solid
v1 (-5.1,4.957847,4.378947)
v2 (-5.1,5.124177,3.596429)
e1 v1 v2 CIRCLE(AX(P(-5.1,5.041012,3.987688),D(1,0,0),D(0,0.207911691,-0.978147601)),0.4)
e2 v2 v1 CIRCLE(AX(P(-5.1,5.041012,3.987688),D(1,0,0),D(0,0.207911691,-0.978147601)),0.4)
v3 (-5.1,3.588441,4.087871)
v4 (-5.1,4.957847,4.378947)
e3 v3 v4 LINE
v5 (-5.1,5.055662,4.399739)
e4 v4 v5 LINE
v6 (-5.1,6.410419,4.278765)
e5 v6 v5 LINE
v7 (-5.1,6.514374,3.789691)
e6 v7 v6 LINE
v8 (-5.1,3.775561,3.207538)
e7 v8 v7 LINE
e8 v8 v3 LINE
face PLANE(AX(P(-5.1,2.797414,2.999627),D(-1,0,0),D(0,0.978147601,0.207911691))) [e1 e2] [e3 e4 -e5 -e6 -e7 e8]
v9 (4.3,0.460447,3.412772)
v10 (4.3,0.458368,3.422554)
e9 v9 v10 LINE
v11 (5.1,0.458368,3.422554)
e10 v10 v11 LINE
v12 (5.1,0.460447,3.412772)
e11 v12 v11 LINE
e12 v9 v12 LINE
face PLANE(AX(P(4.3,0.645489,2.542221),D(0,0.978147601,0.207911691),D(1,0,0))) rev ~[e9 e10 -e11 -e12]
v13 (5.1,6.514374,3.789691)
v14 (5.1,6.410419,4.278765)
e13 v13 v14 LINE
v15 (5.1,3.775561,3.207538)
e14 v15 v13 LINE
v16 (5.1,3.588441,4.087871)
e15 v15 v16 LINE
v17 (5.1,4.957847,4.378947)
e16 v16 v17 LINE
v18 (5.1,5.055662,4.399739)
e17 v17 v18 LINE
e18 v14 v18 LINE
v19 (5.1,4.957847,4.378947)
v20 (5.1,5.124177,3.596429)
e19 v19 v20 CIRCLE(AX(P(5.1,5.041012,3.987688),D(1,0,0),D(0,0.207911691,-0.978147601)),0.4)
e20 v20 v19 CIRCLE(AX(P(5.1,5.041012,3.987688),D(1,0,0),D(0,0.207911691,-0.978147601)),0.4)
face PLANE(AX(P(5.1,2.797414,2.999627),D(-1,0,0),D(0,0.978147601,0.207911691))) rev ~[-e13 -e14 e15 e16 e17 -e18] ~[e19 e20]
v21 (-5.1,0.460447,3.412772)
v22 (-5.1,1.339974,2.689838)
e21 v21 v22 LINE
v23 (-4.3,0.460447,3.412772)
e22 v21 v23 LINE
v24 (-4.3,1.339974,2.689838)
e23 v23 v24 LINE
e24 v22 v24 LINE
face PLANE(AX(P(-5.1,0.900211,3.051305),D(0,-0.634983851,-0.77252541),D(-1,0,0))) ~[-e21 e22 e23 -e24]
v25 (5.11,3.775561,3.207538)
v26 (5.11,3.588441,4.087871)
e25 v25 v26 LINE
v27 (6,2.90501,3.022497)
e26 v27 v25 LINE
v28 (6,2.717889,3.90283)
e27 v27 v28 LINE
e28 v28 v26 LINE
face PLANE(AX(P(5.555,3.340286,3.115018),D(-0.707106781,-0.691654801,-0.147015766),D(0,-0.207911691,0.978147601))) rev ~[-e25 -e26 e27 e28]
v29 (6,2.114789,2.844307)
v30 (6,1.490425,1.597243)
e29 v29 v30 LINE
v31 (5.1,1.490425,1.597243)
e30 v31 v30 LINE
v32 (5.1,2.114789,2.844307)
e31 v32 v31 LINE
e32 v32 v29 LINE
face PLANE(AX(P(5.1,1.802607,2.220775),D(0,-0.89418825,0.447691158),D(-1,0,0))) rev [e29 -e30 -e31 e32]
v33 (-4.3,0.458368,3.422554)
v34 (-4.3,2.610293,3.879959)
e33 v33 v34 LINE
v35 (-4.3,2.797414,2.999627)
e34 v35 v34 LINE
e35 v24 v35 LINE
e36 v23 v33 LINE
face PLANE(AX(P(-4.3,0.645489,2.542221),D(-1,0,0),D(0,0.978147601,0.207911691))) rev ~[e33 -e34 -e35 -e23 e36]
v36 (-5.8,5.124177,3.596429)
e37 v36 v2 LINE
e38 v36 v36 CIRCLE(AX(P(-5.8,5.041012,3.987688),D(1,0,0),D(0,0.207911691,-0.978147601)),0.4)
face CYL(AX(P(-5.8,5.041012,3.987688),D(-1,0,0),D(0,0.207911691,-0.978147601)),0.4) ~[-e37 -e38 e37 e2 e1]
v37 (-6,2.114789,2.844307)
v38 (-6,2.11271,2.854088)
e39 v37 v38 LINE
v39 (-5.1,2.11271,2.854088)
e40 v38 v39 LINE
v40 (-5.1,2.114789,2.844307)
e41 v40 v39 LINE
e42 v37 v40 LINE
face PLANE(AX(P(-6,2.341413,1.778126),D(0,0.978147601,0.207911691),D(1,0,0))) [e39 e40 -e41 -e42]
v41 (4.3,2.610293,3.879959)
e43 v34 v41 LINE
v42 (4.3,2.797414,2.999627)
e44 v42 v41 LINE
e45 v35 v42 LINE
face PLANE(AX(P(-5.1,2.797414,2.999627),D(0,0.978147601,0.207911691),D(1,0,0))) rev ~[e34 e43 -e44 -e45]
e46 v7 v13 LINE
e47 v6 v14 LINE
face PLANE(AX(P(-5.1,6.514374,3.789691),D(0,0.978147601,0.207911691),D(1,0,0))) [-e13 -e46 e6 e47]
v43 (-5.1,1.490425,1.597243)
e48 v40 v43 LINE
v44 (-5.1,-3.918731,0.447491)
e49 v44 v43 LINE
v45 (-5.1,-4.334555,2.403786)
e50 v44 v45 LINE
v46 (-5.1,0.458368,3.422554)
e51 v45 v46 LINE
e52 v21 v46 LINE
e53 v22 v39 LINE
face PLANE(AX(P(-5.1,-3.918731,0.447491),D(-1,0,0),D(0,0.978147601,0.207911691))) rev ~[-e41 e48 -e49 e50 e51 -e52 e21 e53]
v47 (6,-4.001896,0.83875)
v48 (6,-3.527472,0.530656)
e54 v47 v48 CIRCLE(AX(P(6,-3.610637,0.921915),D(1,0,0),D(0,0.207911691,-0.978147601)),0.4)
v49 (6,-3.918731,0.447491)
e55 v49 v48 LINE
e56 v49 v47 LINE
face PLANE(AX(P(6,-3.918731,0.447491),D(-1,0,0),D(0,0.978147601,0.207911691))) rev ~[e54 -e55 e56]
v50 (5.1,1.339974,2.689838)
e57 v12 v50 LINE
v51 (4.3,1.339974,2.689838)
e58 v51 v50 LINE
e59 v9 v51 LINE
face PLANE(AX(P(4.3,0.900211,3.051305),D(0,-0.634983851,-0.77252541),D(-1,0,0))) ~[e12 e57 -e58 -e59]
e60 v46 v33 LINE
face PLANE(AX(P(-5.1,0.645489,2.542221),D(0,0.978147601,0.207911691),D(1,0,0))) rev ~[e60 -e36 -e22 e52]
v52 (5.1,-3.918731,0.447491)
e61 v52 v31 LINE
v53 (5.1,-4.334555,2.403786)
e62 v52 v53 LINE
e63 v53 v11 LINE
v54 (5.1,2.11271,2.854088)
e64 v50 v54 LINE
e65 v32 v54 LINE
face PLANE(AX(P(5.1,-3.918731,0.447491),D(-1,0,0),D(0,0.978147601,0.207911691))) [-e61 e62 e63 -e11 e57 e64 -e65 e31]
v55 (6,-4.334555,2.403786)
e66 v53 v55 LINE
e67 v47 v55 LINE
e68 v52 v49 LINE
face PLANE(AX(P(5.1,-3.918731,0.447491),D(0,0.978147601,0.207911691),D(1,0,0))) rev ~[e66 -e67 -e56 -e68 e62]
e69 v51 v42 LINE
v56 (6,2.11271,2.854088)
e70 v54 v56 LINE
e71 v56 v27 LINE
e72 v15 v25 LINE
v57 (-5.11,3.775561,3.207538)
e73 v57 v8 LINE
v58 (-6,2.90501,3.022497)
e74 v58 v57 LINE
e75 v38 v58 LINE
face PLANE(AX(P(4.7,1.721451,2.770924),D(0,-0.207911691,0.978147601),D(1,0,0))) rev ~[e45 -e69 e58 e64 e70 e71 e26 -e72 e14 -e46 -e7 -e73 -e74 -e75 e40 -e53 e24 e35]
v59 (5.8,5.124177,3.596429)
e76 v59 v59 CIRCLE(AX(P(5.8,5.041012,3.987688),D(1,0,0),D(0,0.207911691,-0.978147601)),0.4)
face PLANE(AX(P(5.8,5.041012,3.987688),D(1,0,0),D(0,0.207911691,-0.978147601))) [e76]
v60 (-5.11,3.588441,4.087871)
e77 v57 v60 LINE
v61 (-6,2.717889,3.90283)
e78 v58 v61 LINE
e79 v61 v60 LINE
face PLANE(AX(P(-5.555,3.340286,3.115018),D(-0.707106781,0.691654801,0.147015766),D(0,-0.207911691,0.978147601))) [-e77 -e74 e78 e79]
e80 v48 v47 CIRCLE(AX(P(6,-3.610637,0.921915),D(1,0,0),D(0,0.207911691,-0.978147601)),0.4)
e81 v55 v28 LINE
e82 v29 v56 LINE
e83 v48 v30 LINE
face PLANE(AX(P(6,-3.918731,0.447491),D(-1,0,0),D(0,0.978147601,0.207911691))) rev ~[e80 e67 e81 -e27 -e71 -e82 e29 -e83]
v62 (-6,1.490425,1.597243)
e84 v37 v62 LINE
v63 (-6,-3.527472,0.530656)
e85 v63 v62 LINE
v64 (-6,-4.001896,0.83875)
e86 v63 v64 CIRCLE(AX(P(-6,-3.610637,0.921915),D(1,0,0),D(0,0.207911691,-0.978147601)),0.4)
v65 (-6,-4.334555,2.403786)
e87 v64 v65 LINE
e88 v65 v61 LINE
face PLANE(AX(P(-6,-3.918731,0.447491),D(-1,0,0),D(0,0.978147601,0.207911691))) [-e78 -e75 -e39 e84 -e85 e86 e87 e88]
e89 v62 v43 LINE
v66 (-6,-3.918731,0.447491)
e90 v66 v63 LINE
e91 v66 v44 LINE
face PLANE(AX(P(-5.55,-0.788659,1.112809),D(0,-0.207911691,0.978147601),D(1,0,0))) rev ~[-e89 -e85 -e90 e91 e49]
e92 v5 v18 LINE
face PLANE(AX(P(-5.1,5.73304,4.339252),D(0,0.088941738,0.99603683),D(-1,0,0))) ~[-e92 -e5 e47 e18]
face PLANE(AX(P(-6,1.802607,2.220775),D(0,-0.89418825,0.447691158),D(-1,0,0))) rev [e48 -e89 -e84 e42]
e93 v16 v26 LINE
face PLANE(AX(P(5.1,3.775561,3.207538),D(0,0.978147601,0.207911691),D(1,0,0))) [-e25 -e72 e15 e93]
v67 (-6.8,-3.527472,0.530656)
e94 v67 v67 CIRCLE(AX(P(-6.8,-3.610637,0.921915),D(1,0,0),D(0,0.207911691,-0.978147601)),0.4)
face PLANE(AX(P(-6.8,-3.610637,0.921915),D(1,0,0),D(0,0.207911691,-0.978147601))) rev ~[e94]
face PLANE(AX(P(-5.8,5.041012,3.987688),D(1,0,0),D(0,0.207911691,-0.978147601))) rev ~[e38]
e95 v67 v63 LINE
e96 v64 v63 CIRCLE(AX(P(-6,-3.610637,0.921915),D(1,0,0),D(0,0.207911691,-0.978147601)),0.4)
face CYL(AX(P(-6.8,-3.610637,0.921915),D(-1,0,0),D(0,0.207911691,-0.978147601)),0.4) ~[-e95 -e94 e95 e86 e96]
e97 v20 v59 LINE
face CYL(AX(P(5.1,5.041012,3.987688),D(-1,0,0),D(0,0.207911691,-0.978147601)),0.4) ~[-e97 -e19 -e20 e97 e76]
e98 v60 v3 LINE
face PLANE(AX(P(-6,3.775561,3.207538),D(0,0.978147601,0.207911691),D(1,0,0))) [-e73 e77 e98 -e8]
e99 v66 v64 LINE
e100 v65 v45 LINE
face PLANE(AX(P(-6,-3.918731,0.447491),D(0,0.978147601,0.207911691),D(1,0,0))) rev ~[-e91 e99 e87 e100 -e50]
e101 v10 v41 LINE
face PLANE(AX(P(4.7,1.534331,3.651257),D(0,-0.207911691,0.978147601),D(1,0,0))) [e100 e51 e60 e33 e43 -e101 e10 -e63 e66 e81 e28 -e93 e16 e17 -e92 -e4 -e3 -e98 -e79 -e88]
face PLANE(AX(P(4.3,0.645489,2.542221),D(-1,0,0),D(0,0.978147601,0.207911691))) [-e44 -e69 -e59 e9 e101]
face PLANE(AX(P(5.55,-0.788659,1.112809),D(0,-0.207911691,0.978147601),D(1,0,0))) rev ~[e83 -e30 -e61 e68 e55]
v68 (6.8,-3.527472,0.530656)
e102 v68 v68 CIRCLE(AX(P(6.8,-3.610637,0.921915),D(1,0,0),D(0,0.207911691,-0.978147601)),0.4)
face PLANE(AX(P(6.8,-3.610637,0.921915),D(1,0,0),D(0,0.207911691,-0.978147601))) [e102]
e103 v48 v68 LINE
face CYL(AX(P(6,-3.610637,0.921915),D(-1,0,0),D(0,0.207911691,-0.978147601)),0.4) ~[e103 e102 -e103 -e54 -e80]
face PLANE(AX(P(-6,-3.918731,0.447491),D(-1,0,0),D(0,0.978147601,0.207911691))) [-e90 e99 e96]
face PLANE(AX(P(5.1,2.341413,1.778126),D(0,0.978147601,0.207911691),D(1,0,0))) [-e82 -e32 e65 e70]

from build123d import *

# Parameters (mm, degrees)
BOX051_W                  = 0.9
BOX051_H                  = 8.1
BOX051_DEPTH              = 0.9
CHAMFER035_SIZE           = 0.89
BOX052_W                  = 0.9
BOX052_H                  = 8.1
BOX052_DEPTH              = 0.9
CHAMFER036_SIZE           = 0.89
BOX053_W                  = 0.8
BOX053_H                  = 2.2
BOX053_DEPTH              = 0.9
CHAMFER037_SIZE2          = 0.71
CHAMFER037_SIZE           = 0.89
BOX054_W                  = 0.8
BOX054_H                  = 2.2
BOX054_DEPTH              = 0.9
CHAMFER038_SIZE2          = 0.71
CHAMFER038_SIZE           = 0.89
BOX062_W                  = 0.9
BOX062_H                  = 6.4
BOX062_DEPTH              = 1.1
CHAMFER039_SIZE2          = 0.87
CHAMFER039_SIZE           = 1.09
BOX063_W                  = 0.9
BOX063_H                  = 6.4
BOX063_DEPTH              = 1.1
CHAMFER040_SIZE2          = 0.87
CHAMFER040_SIZE           = 1.09
CYLINDER017_R             = 0.4
CYLINDER017_DEPTH         = 0.8
CYLINDER018_R             = 0.4
CYLINDER018_DEPTH         = 0.8
CYLINDER019_R             = 0.4
CYLINDER019_DEPTH         = 0.7
CYLINDER020_R             = 0.4
CYLINDER020_DEPTH         = 0.7
BOX050_W                  = 10.2
BOX050_H                  = 3.8
BOX050_DEPTH              = 0.9
CHAMFER034_SIZE2          = 1.3
CHAMFER034_SIZE           = 0.4
FUSION015_PLACEMENT_ANGLE = 12


with BuildPart() as pg1425_backshaftcham002:
    # Box051 → Box051 (new body)
    with BuildSketch(Plane(origin=(-6, -3.9, 1.6), x_dir=(1, 0, 0), z_dir=(0, 0, 1))):
        with Locations((0.45, 4.05)):
            Rectangle(BOX051_W, BOX051_H)
    extrude(amount=BOX051_DEPTH)

    # Chamfer035
    chamfer035_edges = [pg1425_backshaftcham002.edges().sort_by_distance(p)[0] for p in [
        (-6, 4.2, 2.05),
    ]]
    chamfer(chamfer035_edges, length=CHAMFER035_SIZE)


with BuildPart() as pg1425_backshaftcham003:
    # Box052 → Box052 (new body)
    with BuildSketch(Plane(origin=(5.1, -3.9, 1.6), x_dir=(1, 0, 0), z_dir=(0, 0, 1))):
        with Locations((0.45, 4.05)):
            Rectangle(BOX052_W, BOX052_H)
    extrude(amount=BOX052_DEPTH)

    # Chamfer036
    chamfer036_edges = [pg1425_backshaftcham003.edges().sort_by_distance(p)[0] for p in [
        (6, 4.2, 2.05),
    ]]
    chamfer(chamfer036_edges, length=CHAMFER036_SIZE)


with BuildPart() as pg1425_backshaftcham004:
    # Box053 → Box053 (new body)
    with BuildSketch(Plane(origin=(-5.1, 1, 1.6), x_dir=(1, 0, 0), z_dir=(0, 0, 1))):
        with Locations((0.4, 1.1)):
            Rectangle(BOX053_W, BOX053_H)
    extrude(amount=BOX053_DEPTH)

    # Chamfer037
    chamfer037_edges = [pg1425_backshaftcham004.edges().sort_by_distance(p)[0] for p in [
        (-4.7, 1, 1.6),
    ]]
    chamfer037_side = pg1425_backshaftcham004.faces().sort_by_distance((-4.7, 1, 2.05))[0]
    chamfer(chamfer037_edges, length=CHAMFER037_SIZE, length2=CHAMFER037_SIZE2, reference=chamfer037_side)


with BuildPart() as pg1425_backshaftcham005:
    # Box054 → Box054 (new body)
    with BuildSketch(Plane(origin=(4.3, 1, 1.6), x_dir=(1, 0, 0), z_dir=(0, 0, 1))):
        with Locations((0.4, 1.1)):
            Rectangle(BOX054_W, BOX054_H)
    extrude(amount=BOX054_DEPTH)

    # Chamfer038
    chamfer038_edges = [pg1425_backshaftcham005.edges().sort_by_distance(p)[0] for p in [
        (4.7, 1, 1.6),
    ]]
    chamfer038_side = pg1425_backshaftcham005.faces().sort_by_distance((4.7, 1, 2.05))[0]
    chamfer(chamfer038_edges, length=CHAMFER038_SIZE, length2=CHAMFER038_SIZE2, reference=chamfer038_side)


with BuildPart() as pg1425_backshaftcham006:
    # Box062 → Box062 (new body)
    with BuildSketch(Plane(origin=(-6, -3.9, 0.5), x_dir=(1, 0, 0), z_dir=(0, 0, 1))):
        with Locations((0.45, 3.2)):
            Rectangle(BOX062_W, BOX062_H)
    extrude(amount=BOX062_DEPTH)

    # Chamfer039
    chamfer039_edges = [pg1425_backshaftcham006.edges().sort_by_distance(p)[0] for p in [
        (-5.55, 2.5, 0.5),
    ]]
    chamfer039_side = pg1425_backshaftcham006.faces().sort_by_distance((-5.55, 2.5, 1.05))[0]
    chamfer(chamfer039_edges, length=CHAMFER039_SIZE, length2=CHAMFER039_SIZE2, reference=chamfer039_side)


with BuildPart() as pg1425_backshaftcham007:
    # Box063 → Box063 (new body)
    with BuildSketch(Plane(origin=(5.1, -3.9, 0.5), x_dir=(1, 0, 0), z_dir=(0, 0, 1))):
        with Locations((0.45, 3.2)):
            Rectangle(BOX063_W, BOX063_H)
    extrude(amount=BOX063_DEPTH)

    # Chamfer040
    chamfer040_edges = [pg1425_backshaftcham007.edges().sort_by_distance(p)[0] for p in [
        (5.55, 2.5, 0.5),
    ]]
    chamfer040_side = pg1425_backshaftcham007.faces().sort_by_distance((5.55, 2.5, 1.05))[0]
    chamfer(chamfer040_edges, length=CHAMFER040_SIZE, length2=CHAMFER040_SIZE2, reference=chamfer040_side)


with BuildPart() as pg1425_backshaft008:
    # Cylinder017 → Cylinder017 (new body)
    with BuildSketch(Plane(origin=(-6.8, -3.5, 0.9), x_dir=(0, 0, -1), z_dir=(1, 0, 0))):
        Circle(CYLINDER017_R)
    extrude(amount=CYLINDER017_DEPTH)


with BuildPart() as pg1425_backshaft009:
    # Cylinder018 → Cylinder018 (new body)
    with BuildSketch(Plane(origin=(6, -3.5, 0.9), x_dir=(0, 0, -1), z_dir=(1, 0, 0))):
        Circle(CYLINDER018_R)
    extrude(amount=CYLINDER018_DEPTH)


with BuildPart() as pg1425_backshaft010:
    # Cylinder019 → Cylinder019 (new body)
    with BuildSketch(Plane(origin=(-5.8, 5.6, 2.1), x_dir=(0, 0, -1), z_dir=(1, 0, 0))):
        Circle(CYLINDER019_R)
    extrude(amount=CYLINDER019_DEPTH)


with BuildPart() as pg1425_backshaft011:
    # Cylinder020 → Cylinder020 (new body)
    with BuildSketch(Plane(origin=(5.1, 5.6, 2.1), x_dir=(0, 0, -1), z_dir=(1, 0, 0))):
        Circle(CYLINDER020_R)
    extrude(amount=CYLINDER020_DEPTH)


with BuildPart() as pg1425_backshaft:
    # Box050 → Box050 (new body)
    with BuildSketch(Plane(origin=(-5.1, 3.2, 1.6), x_dir=(1, 0, 0), z_dir=(0, 0, 1))):
        with Locations((5.1, 1.9)):
            Rectangle(BOX050_W, BOX050_H)
    extrude(amount=BOX050_DEPTH)

    # Chamfer034
    chamfer034_edges = [pg1425_backshaft.edges().sort_by_distance(p)[0] for p in [
        (0, 7, 2.5),
    ]]
    chamfer034_side = pg1425_backshaft.faces().sort_by_distance((0, 7, 2.05))[0]
    chamfer(chamfer034_edges, length=CHAMFER034_SIZE, length2=CHAMFER034_SIZE2, reference=chamfer034_side)

    # Fusion015: union PG1425_BackShaftCham002, PG1425_BackShaftCham003, PG1425_BackShaftCham004, PG1425_BackShaftCham005, PG1425_BackShaftCham006, PG1425_BackShaftCham007, PG1425_BackShaft008, PG1425_BackShaft009, PG1425_BackShaft010, PG1425_BackShaft011
    add(pg1425_backshaftcham002.part)
    add(pg1425_backshaftcham003.part)
    add(pg1425_backshaftcham004.part)
    add(pg1425_backshaftcham005.part)
    add(pg1425_backshaftcham006.part)
    add(pg1425_backshaftcham007.part)
    add(pg1425_backshaft008.part)
    add(pg1425_backshaft009.part)
    add(pg1425_backshaft010.part)
    add(pg1425_backshaft011.part)


with BuildPart() as pg1425_backshaft_1:
    # Fusion015 placement: moved
    add(pg1425_backshaft.part.moved(Location((0, 0, 0.769273))).rotate(Axis((0, 0, 0.769273), (1, 0, 0)), FUSION015_PLACEMENT_ANGLE))


solid = pg1425_backshaft_1.part
